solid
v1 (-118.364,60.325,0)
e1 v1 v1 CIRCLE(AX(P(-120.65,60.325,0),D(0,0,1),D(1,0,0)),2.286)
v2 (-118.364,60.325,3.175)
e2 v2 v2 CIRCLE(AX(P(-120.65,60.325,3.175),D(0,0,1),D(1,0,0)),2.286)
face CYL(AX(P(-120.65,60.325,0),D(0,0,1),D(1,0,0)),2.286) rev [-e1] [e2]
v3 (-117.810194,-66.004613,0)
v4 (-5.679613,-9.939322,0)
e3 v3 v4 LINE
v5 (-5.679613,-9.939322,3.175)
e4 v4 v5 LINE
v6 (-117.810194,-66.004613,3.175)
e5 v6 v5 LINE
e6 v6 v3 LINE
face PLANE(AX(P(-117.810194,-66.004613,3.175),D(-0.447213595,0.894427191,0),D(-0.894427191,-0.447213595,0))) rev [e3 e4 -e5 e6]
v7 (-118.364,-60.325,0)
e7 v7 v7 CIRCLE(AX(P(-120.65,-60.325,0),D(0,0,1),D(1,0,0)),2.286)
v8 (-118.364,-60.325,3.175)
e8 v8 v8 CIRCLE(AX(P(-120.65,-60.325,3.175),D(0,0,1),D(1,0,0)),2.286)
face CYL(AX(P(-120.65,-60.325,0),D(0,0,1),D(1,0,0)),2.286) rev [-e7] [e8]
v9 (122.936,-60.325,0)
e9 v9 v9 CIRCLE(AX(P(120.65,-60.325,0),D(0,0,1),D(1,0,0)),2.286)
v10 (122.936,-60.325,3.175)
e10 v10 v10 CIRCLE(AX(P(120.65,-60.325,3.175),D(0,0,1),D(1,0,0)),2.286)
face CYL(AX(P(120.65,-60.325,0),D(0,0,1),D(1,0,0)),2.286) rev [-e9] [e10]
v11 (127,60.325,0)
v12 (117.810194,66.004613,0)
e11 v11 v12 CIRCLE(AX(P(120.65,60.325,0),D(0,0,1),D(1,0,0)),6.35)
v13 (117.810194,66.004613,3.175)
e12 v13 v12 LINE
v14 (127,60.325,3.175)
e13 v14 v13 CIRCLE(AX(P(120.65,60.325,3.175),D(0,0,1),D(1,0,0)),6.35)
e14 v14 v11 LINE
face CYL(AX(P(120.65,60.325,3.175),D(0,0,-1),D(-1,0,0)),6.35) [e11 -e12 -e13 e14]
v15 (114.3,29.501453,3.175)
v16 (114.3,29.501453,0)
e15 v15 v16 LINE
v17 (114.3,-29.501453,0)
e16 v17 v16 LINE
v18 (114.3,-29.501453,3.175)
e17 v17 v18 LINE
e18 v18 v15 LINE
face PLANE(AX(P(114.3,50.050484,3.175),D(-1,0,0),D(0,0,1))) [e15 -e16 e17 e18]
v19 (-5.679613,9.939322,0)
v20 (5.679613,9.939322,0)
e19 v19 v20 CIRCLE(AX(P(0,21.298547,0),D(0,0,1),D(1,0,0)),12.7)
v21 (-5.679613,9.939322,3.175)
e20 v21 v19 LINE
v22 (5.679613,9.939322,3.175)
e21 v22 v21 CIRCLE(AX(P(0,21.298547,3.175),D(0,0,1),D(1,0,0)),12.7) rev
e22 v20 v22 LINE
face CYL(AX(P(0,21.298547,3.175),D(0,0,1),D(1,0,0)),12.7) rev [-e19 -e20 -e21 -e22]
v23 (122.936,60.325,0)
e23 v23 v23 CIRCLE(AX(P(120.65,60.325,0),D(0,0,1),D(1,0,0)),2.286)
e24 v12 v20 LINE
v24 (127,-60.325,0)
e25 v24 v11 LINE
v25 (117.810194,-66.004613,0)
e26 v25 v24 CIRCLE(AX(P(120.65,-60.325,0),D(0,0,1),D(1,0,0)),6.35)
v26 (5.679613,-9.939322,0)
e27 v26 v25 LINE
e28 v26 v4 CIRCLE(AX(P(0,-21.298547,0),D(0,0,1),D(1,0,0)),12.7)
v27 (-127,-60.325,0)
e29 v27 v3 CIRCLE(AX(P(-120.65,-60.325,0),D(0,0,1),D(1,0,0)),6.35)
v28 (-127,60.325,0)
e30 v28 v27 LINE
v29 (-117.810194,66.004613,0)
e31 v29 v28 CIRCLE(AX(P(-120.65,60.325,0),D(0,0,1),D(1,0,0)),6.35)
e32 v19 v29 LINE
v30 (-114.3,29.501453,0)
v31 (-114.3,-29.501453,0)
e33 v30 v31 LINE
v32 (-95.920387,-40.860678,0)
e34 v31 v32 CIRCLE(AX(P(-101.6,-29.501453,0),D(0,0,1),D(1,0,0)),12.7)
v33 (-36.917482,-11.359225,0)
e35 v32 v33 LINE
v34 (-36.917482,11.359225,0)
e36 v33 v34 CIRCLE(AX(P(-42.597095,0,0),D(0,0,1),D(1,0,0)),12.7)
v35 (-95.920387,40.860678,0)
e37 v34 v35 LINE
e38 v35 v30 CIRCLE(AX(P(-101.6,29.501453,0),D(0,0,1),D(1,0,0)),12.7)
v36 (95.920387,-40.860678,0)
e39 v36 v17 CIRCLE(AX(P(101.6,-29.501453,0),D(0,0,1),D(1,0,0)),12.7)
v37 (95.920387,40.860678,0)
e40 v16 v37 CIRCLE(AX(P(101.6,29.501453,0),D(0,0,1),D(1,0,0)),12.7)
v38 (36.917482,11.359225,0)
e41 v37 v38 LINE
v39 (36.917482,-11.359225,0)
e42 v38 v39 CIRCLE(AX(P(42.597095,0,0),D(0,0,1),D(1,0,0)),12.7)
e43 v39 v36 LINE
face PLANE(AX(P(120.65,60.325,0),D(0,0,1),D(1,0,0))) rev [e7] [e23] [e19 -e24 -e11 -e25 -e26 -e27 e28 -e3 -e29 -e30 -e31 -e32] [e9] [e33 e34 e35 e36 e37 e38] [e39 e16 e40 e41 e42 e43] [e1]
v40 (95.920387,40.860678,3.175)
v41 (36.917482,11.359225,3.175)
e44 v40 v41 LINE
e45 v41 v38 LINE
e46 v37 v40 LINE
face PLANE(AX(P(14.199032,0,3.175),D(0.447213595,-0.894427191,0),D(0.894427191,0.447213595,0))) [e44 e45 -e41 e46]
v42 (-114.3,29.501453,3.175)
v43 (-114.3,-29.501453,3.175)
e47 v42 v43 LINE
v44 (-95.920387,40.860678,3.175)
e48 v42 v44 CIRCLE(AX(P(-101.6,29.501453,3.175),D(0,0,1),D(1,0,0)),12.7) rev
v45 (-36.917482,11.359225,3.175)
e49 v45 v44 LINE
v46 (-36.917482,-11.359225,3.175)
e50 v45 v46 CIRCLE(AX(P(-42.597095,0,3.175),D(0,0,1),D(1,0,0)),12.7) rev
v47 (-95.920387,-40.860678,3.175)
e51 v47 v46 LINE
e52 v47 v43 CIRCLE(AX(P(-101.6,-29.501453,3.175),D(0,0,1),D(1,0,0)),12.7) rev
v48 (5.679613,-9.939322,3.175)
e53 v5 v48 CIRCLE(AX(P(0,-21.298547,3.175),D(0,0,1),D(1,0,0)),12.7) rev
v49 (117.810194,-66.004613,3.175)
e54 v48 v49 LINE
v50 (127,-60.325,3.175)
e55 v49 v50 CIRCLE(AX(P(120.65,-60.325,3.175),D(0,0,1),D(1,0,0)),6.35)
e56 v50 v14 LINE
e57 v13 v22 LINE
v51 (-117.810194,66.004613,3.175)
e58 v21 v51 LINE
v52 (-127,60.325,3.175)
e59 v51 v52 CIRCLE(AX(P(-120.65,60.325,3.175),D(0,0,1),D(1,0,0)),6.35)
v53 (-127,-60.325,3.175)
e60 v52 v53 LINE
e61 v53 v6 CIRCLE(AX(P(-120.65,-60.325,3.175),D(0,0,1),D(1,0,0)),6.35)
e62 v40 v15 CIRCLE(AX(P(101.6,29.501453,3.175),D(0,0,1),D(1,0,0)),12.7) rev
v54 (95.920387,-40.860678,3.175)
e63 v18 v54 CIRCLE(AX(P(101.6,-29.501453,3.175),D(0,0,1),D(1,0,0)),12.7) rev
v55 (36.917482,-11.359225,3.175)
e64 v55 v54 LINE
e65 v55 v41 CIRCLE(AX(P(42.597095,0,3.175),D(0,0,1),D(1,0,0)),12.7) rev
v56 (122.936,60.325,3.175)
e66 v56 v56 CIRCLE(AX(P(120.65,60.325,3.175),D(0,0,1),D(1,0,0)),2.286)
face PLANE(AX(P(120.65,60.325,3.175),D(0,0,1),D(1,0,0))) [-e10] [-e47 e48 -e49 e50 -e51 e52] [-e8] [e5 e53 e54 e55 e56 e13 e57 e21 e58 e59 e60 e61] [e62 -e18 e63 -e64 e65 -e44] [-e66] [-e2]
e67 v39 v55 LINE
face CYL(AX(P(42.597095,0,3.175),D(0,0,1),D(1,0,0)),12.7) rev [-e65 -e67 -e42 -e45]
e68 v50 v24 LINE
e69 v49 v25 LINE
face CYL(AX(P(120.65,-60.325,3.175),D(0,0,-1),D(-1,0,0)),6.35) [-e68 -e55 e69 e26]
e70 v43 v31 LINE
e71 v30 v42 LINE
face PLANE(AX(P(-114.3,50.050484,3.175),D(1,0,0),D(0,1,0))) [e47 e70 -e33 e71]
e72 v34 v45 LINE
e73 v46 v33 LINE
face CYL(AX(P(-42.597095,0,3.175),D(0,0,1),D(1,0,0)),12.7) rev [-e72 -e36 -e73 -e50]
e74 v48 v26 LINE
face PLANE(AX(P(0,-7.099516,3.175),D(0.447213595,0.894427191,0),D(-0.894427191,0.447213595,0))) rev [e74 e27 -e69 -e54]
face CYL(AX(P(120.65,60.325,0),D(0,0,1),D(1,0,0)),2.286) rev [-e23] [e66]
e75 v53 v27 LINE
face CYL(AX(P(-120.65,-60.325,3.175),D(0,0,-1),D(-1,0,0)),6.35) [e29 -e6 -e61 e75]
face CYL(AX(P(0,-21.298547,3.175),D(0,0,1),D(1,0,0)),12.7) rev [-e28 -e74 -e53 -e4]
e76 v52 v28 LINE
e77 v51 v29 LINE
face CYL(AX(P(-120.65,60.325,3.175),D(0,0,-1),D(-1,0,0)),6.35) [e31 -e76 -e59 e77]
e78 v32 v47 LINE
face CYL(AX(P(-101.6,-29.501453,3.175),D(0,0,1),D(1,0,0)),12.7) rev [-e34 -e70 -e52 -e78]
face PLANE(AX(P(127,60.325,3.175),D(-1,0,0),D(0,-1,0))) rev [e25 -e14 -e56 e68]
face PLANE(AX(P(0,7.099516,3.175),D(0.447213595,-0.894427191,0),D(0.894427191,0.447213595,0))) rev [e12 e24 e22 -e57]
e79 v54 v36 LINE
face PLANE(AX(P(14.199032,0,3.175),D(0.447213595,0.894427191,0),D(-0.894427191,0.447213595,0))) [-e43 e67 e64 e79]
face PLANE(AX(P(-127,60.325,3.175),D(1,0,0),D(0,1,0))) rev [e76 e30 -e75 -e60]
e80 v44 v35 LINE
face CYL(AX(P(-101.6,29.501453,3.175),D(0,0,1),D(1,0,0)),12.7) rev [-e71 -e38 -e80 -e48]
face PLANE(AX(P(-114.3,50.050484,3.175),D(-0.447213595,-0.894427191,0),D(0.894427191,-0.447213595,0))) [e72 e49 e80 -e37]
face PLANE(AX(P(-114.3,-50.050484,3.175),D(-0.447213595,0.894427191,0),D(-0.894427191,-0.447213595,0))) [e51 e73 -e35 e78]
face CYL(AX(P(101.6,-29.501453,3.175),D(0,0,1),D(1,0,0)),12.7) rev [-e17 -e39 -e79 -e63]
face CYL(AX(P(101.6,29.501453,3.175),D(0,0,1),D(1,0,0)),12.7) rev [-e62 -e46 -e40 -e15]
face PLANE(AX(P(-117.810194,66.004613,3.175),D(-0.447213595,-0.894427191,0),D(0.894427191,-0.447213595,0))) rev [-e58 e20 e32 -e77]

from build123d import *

# Parameters (mm, degrees)
BOSS_EXTRUDE1_DEPTH = 3.175
SKETCH2_R           = 2.286
CUT_EXTRUDE1_DEPTH  = 144.473468802
FILLET1_R           = 12.7


with BuildPart() as part:
    # Sketch1 → Boss-Extrude1 (new body)
    with BuildSketch(Plane.XY):
        with BuildLine():
            Line((-117.810193669, -66.004612663), (0, -7.099515829))
            Line((0, -7.099515829), (117.810193669, -66.004612663))
            ThreePointArc((117.810193669, -66.004612663), (123.988392562, -65.726632633), (127, -60.325))
            Line((127, -60.325), (127, 60.325))
            ThreePointArc((127, 60.325), (123.988392562, 65.726632633), (117.810193669, 66.004612663))
            Line((117.810193669, 66.004612663), (0, 7.099515829))
            Line((0, 7.099515829), (-117.810193669, 66.004612663))
            ThreePointArc((-117.810193669, 66.004612663), (-123.988392562, 65.726632633), (-127, 60.325))
            Line((-127, 60.325), (-127, -60.325))
            ThreePointArc((-127, -60.325), (-123.988392562, -65.726632633), (-117.810193669, -66.004612663))
        make_face()
        Polygon((-114.3, -50.050484171), (-14.199031657, 0), (-114.3, 50.050484171), align=None, mode=Mode.SUBTRACT)
        Polygon((14.199031657, 0), (114.3, 50.050484171), (114.3, -50.050484171), align=None, mode=Mode.SUBTRACT)
    extrude(amount=BOSS_EXTRUDE1_DEPTH)

    # Sketch2 → Cut-Extrude1 (cut, through all)
    with BuildSketch(Plane.XY.offset(3.175)):
        with Locations((-120.65, 60.325)):
            Circle(SKETCH2_R)
        with Locations((-120.65, -60.325)):
            Circle(SKETCH2_R)
        with Locations((120.65, -60.325)):
            Circle(SKETCH2_R)
        with Locations((120.65, 60.325)):
            Circle(SKETCH2_R)
    extrude(amount=-CUT_EXTRUDE1_DEPTH, mode=Mode.SUBTRACT)

    # Fillet1
    fillet1_edges = [part.edges().sort_by_distance(p)[0] for p in [
        (0, -7.099515829, 1.5875),
        (0, 7.099515829, 1.5875),
        (114.3, -50.050484171, 1.5875),
        (114.3, 50.050484171, 1.5875),
        (14.199031657, 0, 1.5875),
        (-14.199031657, 0, 1.5875),
        (-114.3, 50.050484171, 1.5875),
        (-114.3, -50.050484171, 1.5875),
    ]]
    fillet(fillet1_edges, radius=FILLET1_R)


solid = part.part
